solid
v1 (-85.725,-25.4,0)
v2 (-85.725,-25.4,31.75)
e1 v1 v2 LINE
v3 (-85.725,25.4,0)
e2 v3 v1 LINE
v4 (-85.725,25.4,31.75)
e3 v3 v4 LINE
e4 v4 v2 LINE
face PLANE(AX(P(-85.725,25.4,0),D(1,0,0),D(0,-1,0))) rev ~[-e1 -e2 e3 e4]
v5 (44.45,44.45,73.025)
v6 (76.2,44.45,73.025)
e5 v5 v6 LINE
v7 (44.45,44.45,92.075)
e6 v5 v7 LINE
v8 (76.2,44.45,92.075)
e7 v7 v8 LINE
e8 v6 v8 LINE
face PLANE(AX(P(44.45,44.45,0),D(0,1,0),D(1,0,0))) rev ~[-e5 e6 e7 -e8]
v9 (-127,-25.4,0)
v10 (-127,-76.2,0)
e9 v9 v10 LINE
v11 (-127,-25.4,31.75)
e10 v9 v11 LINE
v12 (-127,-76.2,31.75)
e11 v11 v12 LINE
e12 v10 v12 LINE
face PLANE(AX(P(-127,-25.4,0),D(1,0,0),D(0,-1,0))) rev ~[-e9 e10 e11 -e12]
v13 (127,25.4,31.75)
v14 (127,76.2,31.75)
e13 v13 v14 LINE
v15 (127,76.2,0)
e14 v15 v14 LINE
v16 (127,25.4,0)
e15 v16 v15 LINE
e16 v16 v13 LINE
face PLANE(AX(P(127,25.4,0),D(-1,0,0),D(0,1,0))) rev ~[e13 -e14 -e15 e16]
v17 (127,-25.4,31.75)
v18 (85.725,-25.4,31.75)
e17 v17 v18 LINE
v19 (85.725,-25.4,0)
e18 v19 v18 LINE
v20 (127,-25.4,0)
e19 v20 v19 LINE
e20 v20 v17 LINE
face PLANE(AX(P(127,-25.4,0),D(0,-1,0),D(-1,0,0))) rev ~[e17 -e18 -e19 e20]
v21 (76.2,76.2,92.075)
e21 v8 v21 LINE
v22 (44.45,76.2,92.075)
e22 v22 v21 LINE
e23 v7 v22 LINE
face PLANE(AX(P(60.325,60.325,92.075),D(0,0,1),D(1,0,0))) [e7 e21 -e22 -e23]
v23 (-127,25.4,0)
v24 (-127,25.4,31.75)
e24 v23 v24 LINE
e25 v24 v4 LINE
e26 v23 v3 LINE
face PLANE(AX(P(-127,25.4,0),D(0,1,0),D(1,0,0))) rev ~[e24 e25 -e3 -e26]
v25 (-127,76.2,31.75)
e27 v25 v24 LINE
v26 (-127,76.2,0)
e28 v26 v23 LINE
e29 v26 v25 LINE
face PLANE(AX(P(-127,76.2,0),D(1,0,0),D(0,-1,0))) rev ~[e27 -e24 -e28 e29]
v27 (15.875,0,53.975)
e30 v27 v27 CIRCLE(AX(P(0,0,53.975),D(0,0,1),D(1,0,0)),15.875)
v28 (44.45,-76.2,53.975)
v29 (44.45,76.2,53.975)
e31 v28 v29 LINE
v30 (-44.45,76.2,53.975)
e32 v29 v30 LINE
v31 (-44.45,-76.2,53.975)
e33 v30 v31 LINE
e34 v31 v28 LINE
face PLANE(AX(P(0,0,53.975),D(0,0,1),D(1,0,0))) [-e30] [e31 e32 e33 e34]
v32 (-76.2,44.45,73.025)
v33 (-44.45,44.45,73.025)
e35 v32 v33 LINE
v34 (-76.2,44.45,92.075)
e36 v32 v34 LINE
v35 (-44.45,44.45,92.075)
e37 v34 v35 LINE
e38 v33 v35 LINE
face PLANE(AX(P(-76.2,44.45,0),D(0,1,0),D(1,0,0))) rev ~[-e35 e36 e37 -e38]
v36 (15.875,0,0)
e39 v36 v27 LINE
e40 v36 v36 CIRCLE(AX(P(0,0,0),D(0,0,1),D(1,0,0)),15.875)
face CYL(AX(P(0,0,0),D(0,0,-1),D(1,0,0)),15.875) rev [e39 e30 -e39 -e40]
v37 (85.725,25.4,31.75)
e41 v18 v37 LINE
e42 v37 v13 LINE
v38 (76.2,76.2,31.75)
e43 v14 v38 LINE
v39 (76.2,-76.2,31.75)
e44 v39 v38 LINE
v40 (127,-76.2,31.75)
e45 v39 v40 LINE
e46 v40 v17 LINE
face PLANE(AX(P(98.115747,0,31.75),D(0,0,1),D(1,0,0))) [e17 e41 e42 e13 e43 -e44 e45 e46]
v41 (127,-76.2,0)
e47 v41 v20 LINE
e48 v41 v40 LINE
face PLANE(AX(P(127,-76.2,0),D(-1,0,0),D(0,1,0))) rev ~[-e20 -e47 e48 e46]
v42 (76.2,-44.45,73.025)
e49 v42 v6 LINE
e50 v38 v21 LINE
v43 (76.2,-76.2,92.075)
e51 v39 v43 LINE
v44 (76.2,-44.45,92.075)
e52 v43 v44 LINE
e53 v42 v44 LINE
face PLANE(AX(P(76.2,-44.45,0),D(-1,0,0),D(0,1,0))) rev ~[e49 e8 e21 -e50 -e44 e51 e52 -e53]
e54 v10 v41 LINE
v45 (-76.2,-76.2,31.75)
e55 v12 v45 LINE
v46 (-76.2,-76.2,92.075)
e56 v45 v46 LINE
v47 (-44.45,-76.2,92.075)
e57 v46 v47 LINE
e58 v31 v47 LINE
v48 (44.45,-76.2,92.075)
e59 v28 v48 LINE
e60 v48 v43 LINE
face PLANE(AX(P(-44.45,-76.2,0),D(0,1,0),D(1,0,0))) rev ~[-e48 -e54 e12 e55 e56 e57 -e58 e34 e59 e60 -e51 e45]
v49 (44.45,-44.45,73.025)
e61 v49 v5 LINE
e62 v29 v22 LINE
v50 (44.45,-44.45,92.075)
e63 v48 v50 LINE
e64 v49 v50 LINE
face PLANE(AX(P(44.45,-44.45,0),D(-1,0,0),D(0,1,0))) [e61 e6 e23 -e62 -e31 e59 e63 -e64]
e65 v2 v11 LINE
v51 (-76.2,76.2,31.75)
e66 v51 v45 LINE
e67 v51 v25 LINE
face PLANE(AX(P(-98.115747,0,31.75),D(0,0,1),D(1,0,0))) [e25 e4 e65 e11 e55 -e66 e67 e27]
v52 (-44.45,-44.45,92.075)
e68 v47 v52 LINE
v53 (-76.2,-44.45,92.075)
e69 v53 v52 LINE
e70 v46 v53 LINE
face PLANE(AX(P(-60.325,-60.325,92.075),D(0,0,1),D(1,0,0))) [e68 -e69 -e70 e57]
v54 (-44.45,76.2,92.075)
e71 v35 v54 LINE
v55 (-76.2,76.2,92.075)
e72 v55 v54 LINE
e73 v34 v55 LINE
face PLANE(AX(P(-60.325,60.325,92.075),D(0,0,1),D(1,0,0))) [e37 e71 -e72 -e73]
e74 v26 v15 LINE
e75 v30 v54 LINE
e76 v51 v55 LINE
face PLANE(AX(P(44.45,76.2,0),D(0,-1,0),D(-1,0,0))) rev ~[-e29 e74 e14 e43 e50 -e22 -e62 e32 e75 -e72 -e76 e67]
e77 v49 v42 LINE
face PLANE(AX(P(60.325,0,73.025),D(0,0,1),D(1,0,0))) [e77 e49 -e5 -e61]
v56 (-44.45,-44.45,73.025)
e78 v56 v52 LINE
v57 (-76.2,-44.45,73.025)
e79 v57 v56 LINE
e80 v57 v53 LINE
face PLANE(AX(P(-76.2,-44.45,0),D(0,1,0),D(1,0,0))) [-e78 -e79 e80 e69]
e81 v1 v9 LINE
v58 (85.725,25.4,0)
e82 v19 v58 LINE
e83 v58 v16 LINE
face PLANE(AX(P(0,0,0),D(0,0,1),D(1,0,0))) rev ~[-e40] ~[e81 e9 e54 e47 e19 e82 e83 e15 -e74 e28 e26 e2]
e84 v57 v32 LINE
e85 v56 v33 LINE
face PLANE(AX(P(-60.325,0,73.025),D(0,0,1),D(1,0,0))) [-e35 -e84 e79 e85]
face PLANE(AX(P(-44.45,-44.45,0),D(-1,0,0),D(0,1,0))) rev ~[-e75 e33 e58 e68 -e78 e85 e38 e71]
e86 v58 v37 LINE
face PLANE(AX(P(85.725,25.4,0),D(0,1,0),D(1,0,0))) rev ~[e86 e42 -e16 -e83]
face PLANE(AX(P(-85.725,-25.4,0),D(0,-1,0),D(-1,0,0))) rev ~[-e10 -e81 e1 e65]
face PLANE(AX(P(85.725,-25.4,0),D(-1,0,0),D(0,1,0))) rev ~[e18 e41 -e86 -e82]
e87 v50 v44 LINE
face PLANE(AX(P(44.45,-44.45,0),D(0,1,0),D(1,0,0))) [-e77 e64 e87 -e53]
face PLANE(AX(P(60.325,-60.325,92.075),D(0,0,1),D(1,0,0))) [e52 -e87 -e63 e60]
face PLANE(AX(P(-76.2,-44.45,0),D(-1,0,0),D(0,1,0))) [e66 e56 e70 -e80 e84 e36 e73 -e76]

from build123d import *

# Parameters (mm, degrees)
F1_DEPTH = 31.75
F0_W     = 31.75
F0_H     = 31.75
F2_DEPTH = 92.075
F0_H_2   = 88.9
F3_DEPTH = 73.025
F0_R     = 15.875
F4_DEPTH = 53.975


with BuildPart() as f1:
    # F0 (on Top) → F1 (new body)
    with BuildSketch(Plane.XY):
        Polygon((-127, -76.2), (-76.2, -76.2), (-76.2, -44.45), (-76.2, 44.45), (-76.2, 76.2), (-127, 76.2), (-127, 25.4), (-85.725, 25.4), (-85.725, -25.4), (-127, -25.4), align=None)
        Polygon((76.2, -76.2), (127, -76.2), (127, -25.4), (85.725, -25.4), (85.725, 25.4), (127, 25.4), (127, 76.2), (76.2, 76.2), (76.2, 44.45), (76.2, -44.45), align=None)
    extrude(amount=F1_DEPTH)

    # F0 (on Top) → F2 (join)
    with BuildSketch(Plane.XY):
        with Locations((-60.325, 60.325)):
            Rectangle(F0_W, F0_H)
        with Locations((-60.325, -60.325)):
            Rectangle(F0_W, F0_H)
        with Locations((60.325, -60.325)):
            Rectangle(F0_W, F0_H)
        with Locations((60.325, 60.325)):
            Rectangle(F0_W, F0_H)
    extrude(amount=F2_DEPTH)

    # F0 (on Top) → F3 (join)
    with BuildSketch(Plane.XY):
        with Locations((-60.325, 0)):
            Rectangle(F0_W, F0_H_2)
        with Locations((60.325, 0)):
            Rectangle(F0_W, F0_H_2)
    extrude(amount=F3_DEPTH)

    # F0 (on Top) → F4 (join)
    with BuildSketch(Plane.XY):
        Polygon((-44.45, -76.2), (44.45, -76.2), (44.45, -44.45), (44.45, 44.45), (44.45, 76.2), (-44.45, 76.2), (-44.45, 44.45), (-44.45, -44.45), align=None)
        Circle(F0_R, mode=Mode.SUBTRACT)
    extrude(amount=F4_DEPTH)


solid = f1.part
